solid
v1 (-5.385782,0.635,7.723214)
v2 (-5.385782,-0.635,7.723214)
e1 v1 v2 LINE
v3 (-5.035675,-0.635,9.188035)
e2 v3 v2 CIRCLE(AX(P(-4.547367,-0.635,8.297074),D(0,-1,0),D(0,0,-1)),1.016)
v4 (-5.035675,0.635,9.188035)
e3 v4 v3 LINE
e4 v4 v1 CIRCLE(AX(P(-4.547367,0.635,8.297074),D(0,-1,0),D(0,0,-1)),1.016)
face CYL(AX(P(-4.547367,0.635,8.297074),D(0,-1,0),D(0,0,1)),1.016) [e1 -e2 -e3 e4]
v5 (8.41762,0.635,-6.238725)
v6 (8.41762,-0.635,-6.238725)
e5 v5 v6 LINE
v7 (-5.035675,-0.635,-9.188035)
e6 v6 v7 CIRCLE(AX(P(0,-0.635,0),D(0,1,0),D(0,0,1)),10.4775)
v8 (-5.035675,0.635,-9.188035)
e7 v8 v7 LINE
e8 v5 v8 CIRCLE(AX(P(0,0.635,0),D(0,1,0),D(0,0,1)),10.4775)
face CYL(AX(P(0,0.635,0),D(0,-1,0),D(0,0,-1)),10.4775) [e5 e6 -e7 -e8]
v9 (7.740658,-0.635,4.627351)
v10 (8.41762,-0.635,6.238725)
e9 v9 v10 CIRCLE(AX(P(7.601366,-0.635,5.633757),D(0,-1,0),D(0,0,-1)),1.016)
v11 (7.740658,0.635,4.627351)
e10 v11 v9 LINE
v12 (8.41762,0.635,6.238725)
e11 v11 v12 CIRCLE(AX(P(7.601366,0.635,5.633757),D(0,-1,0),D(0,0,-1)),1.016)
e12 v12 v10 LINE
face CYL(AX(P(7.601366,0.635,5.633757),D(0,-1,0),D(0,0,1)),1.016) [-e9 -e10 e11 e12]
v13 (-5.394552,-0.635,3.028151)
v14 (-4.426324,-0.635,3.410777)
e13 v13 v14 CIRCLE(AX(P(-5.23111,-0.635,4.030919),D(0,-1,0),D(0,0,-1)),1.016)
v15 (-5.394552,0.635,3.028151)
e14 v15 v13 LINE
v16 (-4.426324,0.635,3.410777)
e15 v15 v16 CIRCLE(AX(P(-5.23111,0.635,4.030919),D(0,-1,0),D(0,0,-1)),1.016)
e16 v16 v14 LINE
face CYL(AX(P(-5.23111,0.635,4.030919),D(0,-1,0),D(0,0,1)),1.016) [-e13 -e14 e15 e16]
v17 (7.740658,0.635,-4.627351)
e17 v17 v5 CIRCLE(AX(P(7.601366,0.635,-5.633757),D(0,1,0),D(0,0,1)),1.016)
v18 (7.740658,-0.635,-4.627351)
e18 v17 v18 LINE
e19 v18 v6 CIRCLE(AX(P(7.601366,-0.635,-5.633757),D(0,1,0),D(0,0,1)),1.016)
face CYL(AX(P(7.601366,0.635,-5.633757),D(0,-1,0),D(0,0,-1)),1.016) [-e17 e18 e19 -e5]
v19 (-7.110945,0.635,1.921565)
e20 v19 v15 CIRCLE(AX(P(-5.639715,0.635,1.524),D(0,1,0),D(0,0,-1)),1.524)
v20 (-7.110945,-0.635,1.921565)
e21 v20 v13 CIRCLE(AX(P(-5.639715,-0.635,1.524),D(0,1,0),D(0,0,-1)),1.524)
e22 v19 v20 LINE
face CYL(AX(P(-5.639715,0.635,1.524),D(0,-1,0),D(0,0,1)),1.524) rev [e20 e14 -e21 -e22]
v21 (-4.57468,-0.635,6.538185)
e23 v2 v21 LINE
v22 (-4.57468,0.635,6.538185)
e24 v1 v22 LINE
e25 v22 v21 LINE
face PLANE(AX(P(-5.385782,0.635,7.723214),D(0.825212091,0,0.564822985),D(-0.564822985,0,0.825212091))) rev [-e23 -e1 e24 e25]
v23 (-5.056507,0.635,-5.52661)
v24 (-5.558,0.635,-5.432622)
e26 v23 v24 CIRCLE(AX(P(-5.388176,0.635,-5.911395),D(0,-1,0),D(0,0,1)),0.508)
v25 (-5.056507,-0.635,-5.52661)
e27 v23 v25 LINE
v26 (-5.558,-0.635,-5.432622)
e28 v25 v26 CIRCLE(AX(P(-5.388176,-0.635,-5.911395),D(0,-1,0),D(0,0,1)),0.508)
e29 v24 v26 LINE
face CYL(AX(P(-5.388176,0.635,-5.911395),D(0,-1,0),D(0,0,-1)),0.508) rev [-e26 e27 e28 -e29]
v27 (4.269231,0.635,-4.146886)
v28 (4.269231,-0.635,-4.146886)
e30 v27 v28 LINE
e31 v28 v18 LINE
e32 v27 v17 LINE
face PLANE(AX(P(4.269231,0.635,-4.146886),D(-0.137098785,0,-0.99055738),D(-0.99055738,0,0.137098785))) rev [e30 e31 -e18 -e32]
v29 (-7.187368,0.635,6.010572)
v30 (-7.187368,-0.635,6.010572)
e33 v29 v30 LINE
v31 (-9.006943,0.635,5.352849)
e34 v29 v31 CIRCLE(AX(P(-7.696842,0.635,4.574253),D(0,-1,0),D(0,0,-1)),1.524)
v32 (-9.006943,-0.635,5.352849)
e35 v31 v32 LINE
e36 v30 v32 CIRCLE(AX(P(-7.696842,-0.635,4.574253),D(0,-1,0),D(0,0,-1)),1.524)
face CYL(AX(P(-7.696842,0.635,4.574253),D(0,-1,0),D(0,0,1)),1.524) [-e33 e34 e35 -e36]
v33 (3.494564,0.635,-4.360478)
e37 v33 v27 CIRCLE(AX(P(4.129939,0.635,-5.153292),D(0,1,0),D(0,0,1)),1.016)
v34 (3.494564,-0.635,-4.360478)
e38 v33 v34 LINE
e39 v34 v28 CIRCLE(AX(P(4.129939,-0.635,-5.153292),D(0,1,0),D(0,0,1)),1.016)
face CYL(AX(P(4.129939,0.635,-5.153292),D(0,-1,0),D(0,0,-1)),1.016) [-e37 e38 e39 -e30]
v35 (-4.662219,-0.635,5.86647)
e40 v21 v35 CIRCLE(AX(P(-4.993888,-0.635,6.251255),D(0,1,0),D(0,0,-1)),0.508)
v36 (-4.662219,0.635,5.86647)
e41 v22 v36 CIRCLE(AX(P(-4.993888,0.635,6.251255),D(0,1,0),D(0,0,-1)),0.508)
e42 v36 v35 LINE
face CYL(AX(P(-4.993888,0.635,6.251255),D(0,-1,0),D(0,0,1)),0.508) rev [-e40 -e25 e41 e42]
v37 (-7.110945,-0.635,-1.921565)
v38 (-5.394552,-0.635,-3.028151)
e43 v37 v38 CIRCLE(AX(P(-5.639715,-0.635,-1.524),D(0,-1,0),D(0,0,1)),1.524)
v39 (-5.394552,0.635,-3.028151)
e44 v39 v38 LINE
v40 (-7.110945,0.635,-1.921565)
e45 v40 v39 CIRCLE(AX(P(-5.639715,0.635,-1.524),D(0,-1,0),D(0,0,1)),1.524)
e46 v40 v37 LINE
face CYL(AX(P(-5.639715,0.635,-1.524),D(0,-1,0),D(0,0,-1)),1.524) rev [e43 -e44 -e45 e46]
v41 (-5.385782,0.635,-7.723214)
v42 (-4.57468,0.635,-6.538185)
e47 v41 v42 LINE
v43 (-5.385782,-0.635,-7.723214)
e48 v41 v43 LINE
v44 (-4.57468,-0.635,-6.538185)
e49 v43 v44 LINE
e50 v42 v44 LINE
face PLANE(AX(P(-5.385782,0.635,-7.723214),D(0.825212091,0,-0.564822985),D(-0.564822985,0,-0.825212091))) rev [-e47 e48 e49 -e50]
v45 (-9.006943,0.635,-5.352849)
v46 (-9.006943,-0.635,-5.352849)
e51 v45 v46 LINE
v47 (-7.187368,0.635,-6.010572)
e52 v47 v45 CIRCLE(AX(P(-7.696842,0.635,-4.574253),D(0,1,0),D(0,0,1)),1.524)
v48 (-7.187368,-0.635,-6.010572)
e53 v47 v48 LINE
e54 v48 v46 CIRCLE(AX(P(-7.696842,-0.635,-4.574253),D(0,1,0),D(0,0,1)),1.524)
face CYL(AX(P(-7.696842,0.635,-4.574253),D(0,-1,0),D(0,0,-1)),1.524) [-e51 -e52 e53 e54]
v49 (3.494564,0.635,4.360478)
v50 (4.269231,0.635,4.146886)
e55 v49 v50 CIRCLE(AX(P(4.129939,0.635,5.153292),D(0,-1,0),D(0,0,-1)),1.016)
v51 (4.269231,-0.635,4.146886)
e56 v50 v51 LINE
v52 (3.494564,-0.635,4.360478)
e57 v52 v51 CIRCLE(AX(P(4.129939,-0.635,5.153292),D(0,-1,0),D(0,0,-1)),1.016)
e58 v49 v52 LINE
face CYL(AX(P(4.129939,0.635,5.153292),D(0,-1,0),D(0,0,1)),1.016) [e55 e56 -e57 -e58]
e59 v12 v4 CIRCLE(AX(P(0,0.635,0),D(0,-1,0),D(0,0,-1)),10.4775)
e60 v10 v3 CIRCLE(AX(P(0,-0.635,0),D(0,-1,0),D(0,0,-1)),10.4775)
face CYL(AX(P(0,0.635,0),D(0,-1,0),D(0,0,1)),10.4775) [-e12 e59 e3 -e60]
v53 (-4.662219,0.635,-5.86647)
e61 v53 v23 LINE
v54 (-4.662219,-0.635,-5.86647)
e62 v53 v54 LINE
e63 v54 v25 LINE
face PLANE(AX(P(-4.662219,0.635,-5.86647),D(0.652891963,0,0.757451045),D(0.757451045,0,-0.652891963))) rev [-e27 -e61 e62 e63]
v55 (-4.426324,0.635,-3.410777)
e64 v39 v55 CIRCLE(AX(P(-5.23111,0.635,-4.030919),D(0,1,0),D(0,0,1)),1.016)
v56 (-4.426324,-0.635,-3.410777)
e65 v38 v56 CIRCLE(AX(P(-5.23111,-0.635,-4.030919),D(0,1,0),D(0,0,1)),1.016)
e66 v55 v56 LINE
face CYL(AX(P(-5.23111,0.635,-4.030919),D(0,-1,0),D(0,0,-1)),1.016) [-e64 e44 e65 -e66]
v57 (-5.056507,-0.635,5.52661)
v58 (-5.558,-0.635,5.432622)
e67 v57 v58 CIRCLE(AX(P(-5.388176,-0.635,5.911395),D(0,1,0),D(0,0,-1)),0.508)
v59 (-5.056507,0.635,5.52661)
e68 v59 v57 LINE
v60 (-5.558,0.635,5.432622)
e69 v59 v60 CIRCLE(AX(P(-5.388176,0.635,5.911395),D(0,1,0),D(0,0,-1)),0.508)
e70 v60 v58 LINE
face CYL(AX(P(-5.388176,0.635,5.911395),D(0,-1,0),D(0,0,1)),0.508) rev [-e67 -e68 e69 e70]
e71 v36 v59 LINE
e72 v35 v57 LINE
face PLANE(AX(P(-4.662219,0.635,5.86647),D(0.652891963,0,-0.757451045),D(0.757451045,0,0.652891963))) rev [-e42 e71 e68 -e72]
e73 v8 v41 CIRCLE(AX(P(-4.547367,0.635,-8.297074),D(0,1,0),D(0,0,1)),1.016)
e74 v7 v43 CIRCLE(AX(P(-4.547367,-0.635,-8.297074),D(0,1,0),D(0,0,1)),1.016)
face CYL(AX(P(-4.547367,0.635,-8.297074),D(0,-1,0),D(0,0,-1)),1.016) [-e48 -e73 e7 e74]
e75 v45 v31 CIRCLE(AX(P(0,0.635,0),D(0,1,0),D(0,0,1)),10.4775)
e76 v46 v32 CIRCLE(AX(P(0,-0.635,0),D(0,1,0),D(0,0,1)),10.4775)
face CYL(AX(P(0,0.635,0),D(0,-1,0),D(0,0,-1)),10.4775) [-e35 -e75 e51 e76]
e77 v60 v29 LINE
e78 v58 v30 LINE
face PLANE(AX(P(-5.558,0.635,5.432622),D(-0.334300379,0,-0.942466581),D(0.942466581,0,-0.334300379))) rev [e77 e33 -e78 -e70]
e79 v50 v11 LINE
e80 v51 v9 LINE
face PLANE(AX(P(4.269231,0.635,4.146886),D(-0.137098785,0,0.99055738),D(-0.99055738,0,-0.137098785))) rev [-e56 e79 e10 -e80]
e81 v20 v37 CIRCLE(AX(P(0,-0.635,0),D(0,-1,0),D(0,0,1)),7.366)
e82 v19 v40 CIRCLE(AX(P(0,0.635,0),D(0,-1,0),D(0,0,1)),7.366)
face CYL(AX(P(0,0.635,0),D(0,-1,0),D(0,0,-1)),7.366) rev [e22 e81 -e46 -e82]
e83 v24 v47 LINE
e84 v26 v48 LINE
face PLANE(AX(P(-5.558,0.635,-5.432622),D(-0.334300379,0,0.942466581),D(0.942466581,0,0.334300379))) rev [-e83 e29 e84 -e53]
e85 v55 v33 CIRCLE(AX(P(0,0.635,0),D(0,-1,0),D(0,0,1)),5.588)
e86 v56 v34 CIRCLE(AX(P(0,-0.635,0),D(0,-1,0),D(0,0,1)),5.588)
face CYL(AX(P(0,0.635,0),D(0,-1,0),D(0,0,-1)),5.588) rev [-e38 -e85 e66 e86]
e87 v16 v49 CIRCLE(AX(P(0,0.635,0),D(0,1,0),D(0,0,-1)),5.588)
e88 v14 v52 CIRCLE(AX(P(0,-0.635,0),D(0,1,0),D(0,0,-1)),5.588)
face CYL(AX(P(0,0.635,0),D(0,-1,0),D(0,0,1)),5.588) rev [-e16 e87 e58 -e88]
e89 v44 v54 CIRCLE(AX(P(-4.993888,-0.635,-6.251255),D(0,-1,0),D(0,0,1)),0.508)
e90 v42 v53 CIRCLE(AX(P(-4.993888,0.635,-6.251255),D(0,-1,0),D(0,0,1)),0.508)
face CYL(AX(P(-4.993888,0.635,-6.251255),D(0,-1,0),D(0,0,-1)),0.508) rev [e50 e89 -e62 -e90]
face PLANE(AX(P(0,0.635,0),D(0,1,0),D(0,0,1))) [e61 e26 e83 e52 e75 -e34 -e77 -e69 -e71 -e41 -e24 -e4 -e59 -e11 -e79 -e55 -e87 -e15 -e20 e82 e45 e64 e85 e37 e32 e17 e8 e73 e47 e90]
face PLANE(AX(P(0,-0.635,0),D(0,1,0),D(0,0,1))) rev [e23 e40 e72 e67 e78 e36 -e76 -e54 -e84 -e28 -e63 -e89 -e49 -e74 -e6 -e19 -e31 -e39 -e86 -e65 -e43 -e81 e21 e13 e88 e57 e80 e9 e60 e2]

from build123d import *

# Parameters (mm, degrees)
EXTRUDE1_DEPTH = 0.635


with BuildPart() as part:
    # Sketch1 → Extrude1 (new, symmetric)
    with BuildSketch(Plane(origin=(0, 0, 0), x_dir=(1, 0, 0), z_dir=(0, 1, 0))):
        with BuildLine():
            Line((-10.4775, 0), (-7.366, 0))
            ThreePointArc((-7.366, 0), (-7.301957926, 0.969209186), (-7.110945304, 1.921565217))
            ThreePointArc((-7.110945304, 1.921565217), (-6.465513716, 2.804871922), (-5.394551993, 3.02815125))
            ThreePointArc((-5.394551993, 3.02815125), (-4.857704937, 3.086024688), (-4.426323701, 3.410777403))
            ThreePointArc((-4.426323701, 3.410777403), (-0.665227036, 5.54826252), (3.494563676, 4.360478037))
            ThreePointArc((3.494563676, 4.360478037), (3.859883441, 4.17384031), (4.269231255, 4.146885928))
            Line((4.269231255, 4.146885928), (7.740657974, 4.627351162))
            ThreePointArc((7.740657974, 4.627351162), (8.538061077, 5.240237956), (8.417619634, 6.238724705))
            ThreePointArc((8.417619634, 6.238724705), (2.243656673, 10.234452158), (-5.035674849, 9.188034886))
            ThreePointArc((-5.035674849, 9.188034886), (-5.535533941, 8.533256201), (-5.38578247, 7.723213774))
            Line((-5.38578247, 7.723213774), (-4.574680298, 6.538185302))
            ThreePointArc((-4.574680298, 6.538185302), (-4.490147686, 6.185607258), (-4.662218923, 5.866470095))
            Line((-4.662218923, 5.866470095), (-5.056506744, 5.526610046))
            ThreePointArc((-5.056506744, 5.526610046), (-5.294597853, 5.412088501), (-5.558000453, 5.432622154))
            Line((-5.558000453, 5.432622154), (-7.187368065, 6.010571783))
            ThreePointArc((-7.187368065, 6.010571783), (-8.214915896, 6.007492148), (-9.006942583, 5.35284892))
            ThreePointArc((-9.006942583, 5.35284892), (-10.103173936, 2.775586905), (-10.4775, 0))
        make_face()
    extrude(amount=EXTRUDE1_DEPTH, both=True)

    # Mirror1: part across plane


with BuildPart() as part_1:
    add(part.part)
    add(part.part.mirror(Plane(origin=(-10.4775, 0.635, 0), x_dir=(1, 0, 0), z_dir=(0, 0, -1))))


solid = part_1.part
